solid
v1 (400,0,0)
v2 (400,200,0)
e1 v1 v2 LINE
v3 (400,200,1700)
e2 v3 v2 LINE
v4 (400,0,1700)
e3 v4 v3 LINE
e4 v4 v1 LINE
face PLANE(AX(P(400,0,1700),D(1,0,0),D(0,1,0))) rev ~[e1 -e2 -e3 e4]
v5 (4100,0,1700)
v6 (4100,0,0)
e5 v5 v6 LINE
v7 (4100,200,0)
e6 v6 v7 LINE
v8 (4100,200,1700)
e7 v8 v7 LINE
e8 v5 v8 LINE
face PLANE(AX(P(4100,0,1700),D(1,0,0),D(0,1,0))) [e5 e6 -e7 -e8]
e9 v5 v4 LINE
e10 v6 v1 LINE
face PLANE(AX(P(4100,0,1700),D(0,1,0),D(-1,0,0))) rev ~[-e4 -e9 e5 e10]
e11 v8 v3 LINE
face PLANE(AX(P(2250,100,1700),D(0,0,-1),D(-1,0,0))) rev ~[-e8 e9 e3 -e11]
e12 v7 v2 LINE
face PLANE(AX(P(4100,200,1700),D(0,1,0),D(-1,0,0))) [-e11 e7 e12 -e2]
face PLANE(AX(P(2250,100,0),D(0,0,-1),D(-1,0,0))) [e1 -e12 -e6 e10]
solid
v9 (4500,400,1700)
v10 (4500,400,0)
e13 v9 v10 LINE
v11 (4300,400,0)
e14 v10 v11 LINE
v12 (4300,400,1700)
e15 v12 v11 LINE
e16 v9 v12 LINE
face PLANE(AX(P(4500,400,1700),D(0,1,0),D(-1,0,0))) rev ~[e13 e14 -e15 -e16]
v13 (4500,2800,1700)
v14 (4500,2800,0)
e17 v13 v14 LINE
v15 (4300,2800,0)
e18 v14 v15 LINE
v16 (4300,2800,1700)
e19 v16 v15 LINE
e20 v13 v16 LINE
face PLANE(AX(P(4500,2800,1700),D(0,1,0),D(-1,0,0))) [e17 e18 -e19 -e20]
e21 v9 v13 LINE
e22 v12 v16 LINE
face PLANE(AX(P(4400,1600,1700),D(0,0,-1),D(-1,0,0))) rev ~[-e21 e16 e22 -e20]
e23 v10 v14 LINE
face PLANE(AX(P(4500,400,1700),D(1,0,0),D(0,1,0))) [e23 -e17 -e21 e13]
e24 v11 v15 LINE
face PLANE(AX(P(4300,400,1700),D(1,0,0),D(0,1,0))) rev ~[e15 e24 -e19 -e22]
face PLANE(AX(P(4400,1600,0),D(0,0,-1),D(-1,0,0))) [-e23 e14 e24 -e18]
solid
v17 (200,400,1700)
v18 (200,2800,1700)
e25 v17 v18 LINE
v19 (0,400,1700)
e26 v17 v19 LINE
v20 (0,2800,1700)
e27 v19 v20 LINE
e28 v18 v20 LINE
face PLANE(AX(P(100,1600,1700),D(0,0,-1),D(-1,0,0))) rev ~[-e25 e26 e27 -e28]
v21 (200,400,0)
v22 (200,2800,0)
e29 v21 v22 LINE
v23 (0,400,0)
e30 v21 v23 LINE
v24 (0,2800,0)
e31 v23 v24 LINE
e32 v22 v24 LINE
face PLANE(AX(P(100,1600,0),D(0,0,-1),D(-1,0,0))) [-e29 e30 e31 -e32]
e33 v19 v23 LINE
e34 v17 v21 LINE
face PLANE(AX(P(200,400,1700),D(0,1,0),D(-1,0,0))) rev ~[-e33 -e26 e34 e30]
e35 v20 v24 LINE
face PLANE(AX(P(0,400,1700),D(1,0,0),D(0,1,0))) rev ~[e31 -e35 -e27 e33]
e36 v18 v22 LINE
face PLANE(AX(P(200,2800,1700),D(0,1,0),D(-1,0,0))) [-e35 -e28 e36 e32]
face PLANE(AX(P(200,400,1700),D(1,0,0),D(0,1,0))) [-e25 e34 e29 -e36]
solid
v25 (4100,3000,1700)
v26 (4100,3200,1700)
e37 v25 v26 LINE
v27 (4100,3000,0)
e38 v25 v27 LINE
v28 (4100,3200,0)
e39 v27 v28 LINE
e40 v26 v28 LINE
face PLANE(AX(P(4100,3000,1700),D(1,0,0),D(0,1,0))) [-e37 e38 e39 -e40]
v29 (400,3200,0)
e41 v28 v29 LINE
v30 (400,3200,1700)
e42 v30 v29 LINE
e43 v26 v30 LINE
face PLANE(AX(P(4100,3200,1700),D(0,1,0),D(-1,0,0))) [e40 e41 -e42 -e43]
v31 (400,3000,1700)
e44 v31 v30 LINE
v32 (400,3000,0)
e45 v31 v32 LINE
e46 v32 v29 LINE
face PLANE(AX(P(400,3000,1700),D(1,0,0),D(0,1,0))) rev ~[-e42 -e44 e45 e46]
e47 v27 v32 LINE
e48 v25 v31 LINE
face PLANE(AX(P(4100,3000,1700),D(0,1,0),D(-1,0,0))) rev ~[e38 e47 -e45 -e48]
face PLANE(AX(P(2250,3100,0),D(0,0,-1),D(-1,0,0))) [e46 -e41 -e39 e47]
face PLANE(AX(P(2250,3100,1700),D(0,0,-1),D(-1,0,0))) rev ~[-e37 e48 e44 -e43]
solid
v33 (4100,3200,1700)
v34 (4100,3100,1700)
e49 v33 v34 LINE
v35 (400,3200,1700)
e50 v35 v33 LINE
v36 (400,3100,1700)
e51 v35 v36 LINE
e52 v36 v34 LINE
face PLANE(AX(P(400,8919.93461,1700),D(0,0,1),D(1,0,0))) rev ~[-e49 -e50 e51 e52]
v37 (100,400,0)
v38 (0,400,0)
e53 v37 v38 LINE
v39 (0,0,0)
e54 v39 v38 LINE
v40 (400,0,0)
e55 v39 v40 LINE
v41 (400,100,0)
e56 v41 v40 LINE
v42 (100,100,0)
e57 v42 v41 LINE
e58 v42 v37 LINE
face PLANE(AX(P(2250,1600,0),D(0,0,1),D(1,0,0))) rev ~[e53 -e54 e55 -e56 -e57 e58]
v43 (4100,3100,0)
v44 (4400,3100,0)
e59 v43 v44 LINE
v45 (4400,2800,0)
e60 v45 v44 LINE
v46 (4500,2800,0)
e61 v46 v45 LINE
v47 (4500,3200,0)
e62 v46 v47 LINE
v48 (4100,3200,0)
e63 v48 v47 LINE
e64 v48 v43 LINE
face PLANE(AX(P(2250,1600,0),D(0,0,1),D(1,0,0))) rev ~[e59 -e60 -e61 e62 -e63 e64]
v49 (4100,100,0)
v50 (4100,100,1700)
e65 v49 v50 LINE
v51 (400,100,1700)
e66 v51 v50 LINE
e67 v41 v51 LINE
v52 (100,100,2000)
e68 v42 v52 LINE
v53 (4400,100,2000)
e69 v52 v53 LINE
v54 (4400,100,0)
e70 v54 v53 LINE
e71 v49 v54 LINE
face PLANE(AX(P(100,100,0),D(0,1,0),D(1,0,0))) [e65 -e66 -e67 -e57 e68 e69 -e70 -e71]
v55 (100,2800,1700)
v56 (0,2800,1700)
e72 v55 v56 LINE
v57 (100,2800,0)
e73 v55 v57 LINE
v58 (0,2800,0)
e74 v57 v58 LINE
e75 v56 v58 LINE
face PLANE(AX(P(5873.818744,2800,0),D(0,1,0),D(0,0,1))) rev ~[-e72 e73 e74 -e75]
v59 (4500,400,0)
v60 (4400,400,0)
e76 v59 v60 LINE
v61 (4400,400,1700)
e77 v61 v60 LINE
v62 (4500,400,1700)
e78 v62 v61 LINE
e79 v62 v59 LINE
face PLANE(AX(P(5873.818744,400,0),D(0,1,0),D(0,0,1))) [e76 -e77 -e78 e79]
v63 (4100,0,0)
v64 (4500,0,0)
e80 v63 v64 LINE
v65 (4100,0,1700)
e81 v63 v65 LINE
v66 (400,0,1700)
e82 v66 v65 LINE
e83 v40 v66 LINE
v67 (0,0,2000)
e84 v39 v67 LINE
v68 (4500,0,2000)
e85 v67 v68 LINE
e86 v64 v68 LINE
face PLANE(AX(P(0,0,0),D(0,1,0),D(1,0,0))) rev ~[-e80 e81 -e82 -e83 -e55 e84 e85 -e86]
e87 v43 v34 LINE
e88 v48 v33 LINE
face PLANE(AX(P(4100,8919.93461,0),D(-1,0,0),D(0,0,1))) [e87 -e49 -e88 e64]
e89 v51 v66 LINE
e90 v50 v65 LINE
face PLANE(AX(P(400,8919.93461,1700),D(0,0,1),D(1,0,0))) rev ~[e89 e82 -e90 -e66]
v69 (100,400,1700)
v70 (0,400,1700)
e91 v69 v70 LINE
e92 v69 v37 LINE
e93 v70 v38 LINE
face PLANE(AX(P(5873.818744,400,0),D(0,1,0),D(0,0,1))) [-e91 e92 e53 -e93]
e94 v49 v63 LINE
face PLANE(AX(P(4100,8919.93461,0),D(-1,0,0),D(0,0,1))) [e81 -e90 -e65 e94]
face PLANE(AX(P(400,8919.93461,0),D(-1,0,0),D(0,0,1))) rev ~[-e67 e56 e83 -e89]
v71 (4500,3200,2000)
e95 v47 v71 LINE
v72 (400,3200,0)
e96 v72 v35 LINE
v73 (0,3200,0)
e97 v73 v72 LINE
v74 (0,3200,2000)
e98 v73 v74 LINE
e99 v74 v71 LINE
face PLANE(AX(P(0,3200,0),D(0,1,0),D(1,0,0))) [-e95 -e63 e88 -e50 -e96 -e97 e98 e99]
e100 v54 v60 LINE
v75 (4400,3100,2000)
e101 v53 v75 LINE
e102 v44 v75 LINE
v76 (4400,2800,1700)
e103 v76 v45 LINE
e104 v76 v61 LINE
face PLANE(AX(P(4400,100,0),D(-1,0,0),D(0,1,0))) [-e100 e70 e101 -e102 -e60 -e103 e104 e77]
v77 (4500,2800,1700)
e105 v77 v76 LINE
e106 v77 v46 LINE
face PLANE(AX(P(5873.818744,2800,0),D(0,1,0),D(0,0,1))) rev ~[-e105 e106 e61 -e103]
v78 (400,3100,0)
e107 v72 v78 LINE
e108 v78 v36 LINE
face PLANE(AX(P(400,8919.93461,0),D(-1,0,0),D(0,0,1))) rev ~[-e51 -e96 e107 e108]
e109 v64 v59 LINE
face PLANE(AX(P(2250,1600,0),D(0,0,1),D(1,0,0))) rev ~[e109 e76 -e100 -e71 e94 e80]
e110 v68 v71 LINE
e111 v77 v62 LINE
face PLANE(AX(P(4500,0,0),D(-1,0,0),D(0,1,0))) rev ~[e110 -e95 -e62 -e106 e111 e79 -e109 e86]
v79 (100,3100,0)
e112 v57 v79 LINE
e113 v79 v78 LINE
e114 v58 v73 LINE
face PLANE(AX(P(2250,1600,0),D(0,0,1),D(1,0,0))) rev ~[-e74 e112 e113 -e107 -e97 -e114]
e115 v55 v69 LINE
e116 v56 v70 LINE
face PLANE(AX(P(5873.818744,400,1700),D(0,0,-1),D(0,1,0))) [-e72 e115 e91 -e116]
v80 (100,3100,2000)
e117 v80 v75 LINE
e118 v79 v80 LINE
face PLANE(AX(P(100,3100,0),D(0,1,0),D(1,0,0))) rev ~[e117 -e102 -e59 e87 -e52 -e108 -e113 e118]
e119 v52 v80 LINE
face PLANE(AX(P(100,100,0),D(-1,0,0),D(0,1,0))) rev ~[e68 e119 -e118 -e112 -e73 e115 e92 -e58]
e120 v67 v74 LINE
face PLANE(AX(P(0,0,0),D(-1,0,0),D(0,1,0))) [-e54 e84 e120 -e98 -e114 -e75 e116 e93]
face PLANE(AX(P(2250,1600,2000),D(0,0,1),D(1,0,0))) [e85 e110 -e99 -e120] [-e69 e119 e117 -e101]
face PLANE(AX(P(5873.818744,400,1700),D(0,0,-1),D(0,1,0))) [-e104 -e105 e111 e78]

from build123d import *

# Parameters (mm, degrees)
SKETCH1_W               = 4500
SKETCH1_H               = 3200
SKETCH1_W_2             = 4300
SKETCH1_H_2             = 3000
BOSS_EXTRUDE1_DEPTH     = 2000
CUT_EXTRUDE1_DEPTH      = 5819.93461039
CUT_EXTRUDE1_DEPTH_BACK = 5819.93461039
SKETCH2_W               = 3700
SKETCH2_H               = 1700
CUT_EXTRUDE2_DEPTH      = 5873.81874401
CUT_EXTRUDE2_DEPTH_BACK = 5873.81874401
SKETCH3_W               = 1700
SKETCH3_H               = 2400
SKETCH4_W               = 3700
SKETCH4_H               = 200
BOSS_EXTRUDE2_DEPTH     = 1700
SKETCH4_W_2             = 200
SKETCH4_H_2             = 2400
BOSS_EXTRUDE2_2_DEPTH   = 1700
BOSS_EXTRUDE2_3_DEPTH   = 1700
BOSS_EXTRUDE2_4_DEPTH   = 1700


with BuildPart() as part:
    # Sketch1 → Boss-Extrude1 (new body)
    with BuildSketch(Plane.XY):
        with Locations((2250, 1600)):
            Rectangle(SKETCH1_W, SKETCH1_H)
        with Locations((2250, 1600)):
            Rectangle(SKETCH1_W_2, SKETCH1_H_2, mode=Mode.SUBTRACT)
    extrude(amount=BOSS_EXTRUDE1_DEPTH)

    # Sketch2 → Cut-Extrude1 (cut, two sides: drawn at the far end of the back side and taken through both)
    with BuildSketch(Plane.XZ.offset(-3100).offset(-CUT_EXTRUDE1_DEPTH_BACK)):
        with Locations((2250, 850)):
            Rectangle(SKETCH2_W, SKETCH2_H)
    extrude(amount=CUT_EXTRUDE1_DEPTH + CUT_EXTRUDE1_DEPTH_BACK, mode=Mode.SUBTRACT)

    # Sketch3 → Cut-Extrude2 (cut, two sides: drawn at the far end of the back side and taken through both)
    with BuildSketch(Plane.ZY.offset(-CUT_EXTRUDE2_DEPTH_BACK)):
        with Locations((850, 1600)):
            Rectangle(SKETCH3_W, SKETCH3_H)
    extrude(amount=CUT_EXTRUDE2_DEPTH + CUT_EXTRUDE2_DEPTH_BACK, mode=Mode.SUBTRACT)


with BuildPart() as body_2:
    # Sketch4 → Boss-Extrude2 (new body)
    with BuildSketch(Plane(origin=(0, 0, 1700), x_dir=(-1, 0, 0), z_dir=(0, 0, -1))):
        with Locations((-2250, 100)):
            Rectangle(SKETCH4_W, SKETCH4_H)
    extrude(amount=BOSS_EXTRUDE2_DEPTH)


with BuildPart() as body_3:
    # Sketch4 → Boss-Extrude2 2 (new body)
    with BuildSketch(Plane(origin=(0, 0, 1700), x_dir=(-1, 0, 0), z_dir=(0, 0, -1))):
        with Locations((-100, 1600)):
            Rectangle(SKETCH4_W_2, SKETCH4_H_2)
    extrude(amount=BOSS_EXTRUDE2_2_DEPTH)


with BuildPart() as body_4:
    # Sketch4 → Boss-Extrude2 3 (new body)
    with BuildSketch(Plane(origin=(0, 0, 1700), x_dir=(-1, 0, 0), z_dir=(0, 0, -1))):
        with Locations((-2250, 3100)):
            Rectangle(SKETCH4_W, SKETCH4_H)
    extrude(amount=BOSS_EXTRUDE2_3_DEPTH)


with BuildPart() as body_5:
    # Sketch4 → Boss-Extrude2 4 (new body)
    with BuildSketch(Plane(origin=(0, 0, 1700), x_dir=(-1, 0, 0), z_dir=(0, 0, -1))):
        with Locations((-4400, 1600)):
            Rectangle(SKETCH4_W_2, SKETCH4_H_2)
    extrude(amount=BOSS_EXTRUDE2_4_DEPTH)


solid = Compound([part.part, body_2.part, body_3.part, body_4.part, body_5.part])
